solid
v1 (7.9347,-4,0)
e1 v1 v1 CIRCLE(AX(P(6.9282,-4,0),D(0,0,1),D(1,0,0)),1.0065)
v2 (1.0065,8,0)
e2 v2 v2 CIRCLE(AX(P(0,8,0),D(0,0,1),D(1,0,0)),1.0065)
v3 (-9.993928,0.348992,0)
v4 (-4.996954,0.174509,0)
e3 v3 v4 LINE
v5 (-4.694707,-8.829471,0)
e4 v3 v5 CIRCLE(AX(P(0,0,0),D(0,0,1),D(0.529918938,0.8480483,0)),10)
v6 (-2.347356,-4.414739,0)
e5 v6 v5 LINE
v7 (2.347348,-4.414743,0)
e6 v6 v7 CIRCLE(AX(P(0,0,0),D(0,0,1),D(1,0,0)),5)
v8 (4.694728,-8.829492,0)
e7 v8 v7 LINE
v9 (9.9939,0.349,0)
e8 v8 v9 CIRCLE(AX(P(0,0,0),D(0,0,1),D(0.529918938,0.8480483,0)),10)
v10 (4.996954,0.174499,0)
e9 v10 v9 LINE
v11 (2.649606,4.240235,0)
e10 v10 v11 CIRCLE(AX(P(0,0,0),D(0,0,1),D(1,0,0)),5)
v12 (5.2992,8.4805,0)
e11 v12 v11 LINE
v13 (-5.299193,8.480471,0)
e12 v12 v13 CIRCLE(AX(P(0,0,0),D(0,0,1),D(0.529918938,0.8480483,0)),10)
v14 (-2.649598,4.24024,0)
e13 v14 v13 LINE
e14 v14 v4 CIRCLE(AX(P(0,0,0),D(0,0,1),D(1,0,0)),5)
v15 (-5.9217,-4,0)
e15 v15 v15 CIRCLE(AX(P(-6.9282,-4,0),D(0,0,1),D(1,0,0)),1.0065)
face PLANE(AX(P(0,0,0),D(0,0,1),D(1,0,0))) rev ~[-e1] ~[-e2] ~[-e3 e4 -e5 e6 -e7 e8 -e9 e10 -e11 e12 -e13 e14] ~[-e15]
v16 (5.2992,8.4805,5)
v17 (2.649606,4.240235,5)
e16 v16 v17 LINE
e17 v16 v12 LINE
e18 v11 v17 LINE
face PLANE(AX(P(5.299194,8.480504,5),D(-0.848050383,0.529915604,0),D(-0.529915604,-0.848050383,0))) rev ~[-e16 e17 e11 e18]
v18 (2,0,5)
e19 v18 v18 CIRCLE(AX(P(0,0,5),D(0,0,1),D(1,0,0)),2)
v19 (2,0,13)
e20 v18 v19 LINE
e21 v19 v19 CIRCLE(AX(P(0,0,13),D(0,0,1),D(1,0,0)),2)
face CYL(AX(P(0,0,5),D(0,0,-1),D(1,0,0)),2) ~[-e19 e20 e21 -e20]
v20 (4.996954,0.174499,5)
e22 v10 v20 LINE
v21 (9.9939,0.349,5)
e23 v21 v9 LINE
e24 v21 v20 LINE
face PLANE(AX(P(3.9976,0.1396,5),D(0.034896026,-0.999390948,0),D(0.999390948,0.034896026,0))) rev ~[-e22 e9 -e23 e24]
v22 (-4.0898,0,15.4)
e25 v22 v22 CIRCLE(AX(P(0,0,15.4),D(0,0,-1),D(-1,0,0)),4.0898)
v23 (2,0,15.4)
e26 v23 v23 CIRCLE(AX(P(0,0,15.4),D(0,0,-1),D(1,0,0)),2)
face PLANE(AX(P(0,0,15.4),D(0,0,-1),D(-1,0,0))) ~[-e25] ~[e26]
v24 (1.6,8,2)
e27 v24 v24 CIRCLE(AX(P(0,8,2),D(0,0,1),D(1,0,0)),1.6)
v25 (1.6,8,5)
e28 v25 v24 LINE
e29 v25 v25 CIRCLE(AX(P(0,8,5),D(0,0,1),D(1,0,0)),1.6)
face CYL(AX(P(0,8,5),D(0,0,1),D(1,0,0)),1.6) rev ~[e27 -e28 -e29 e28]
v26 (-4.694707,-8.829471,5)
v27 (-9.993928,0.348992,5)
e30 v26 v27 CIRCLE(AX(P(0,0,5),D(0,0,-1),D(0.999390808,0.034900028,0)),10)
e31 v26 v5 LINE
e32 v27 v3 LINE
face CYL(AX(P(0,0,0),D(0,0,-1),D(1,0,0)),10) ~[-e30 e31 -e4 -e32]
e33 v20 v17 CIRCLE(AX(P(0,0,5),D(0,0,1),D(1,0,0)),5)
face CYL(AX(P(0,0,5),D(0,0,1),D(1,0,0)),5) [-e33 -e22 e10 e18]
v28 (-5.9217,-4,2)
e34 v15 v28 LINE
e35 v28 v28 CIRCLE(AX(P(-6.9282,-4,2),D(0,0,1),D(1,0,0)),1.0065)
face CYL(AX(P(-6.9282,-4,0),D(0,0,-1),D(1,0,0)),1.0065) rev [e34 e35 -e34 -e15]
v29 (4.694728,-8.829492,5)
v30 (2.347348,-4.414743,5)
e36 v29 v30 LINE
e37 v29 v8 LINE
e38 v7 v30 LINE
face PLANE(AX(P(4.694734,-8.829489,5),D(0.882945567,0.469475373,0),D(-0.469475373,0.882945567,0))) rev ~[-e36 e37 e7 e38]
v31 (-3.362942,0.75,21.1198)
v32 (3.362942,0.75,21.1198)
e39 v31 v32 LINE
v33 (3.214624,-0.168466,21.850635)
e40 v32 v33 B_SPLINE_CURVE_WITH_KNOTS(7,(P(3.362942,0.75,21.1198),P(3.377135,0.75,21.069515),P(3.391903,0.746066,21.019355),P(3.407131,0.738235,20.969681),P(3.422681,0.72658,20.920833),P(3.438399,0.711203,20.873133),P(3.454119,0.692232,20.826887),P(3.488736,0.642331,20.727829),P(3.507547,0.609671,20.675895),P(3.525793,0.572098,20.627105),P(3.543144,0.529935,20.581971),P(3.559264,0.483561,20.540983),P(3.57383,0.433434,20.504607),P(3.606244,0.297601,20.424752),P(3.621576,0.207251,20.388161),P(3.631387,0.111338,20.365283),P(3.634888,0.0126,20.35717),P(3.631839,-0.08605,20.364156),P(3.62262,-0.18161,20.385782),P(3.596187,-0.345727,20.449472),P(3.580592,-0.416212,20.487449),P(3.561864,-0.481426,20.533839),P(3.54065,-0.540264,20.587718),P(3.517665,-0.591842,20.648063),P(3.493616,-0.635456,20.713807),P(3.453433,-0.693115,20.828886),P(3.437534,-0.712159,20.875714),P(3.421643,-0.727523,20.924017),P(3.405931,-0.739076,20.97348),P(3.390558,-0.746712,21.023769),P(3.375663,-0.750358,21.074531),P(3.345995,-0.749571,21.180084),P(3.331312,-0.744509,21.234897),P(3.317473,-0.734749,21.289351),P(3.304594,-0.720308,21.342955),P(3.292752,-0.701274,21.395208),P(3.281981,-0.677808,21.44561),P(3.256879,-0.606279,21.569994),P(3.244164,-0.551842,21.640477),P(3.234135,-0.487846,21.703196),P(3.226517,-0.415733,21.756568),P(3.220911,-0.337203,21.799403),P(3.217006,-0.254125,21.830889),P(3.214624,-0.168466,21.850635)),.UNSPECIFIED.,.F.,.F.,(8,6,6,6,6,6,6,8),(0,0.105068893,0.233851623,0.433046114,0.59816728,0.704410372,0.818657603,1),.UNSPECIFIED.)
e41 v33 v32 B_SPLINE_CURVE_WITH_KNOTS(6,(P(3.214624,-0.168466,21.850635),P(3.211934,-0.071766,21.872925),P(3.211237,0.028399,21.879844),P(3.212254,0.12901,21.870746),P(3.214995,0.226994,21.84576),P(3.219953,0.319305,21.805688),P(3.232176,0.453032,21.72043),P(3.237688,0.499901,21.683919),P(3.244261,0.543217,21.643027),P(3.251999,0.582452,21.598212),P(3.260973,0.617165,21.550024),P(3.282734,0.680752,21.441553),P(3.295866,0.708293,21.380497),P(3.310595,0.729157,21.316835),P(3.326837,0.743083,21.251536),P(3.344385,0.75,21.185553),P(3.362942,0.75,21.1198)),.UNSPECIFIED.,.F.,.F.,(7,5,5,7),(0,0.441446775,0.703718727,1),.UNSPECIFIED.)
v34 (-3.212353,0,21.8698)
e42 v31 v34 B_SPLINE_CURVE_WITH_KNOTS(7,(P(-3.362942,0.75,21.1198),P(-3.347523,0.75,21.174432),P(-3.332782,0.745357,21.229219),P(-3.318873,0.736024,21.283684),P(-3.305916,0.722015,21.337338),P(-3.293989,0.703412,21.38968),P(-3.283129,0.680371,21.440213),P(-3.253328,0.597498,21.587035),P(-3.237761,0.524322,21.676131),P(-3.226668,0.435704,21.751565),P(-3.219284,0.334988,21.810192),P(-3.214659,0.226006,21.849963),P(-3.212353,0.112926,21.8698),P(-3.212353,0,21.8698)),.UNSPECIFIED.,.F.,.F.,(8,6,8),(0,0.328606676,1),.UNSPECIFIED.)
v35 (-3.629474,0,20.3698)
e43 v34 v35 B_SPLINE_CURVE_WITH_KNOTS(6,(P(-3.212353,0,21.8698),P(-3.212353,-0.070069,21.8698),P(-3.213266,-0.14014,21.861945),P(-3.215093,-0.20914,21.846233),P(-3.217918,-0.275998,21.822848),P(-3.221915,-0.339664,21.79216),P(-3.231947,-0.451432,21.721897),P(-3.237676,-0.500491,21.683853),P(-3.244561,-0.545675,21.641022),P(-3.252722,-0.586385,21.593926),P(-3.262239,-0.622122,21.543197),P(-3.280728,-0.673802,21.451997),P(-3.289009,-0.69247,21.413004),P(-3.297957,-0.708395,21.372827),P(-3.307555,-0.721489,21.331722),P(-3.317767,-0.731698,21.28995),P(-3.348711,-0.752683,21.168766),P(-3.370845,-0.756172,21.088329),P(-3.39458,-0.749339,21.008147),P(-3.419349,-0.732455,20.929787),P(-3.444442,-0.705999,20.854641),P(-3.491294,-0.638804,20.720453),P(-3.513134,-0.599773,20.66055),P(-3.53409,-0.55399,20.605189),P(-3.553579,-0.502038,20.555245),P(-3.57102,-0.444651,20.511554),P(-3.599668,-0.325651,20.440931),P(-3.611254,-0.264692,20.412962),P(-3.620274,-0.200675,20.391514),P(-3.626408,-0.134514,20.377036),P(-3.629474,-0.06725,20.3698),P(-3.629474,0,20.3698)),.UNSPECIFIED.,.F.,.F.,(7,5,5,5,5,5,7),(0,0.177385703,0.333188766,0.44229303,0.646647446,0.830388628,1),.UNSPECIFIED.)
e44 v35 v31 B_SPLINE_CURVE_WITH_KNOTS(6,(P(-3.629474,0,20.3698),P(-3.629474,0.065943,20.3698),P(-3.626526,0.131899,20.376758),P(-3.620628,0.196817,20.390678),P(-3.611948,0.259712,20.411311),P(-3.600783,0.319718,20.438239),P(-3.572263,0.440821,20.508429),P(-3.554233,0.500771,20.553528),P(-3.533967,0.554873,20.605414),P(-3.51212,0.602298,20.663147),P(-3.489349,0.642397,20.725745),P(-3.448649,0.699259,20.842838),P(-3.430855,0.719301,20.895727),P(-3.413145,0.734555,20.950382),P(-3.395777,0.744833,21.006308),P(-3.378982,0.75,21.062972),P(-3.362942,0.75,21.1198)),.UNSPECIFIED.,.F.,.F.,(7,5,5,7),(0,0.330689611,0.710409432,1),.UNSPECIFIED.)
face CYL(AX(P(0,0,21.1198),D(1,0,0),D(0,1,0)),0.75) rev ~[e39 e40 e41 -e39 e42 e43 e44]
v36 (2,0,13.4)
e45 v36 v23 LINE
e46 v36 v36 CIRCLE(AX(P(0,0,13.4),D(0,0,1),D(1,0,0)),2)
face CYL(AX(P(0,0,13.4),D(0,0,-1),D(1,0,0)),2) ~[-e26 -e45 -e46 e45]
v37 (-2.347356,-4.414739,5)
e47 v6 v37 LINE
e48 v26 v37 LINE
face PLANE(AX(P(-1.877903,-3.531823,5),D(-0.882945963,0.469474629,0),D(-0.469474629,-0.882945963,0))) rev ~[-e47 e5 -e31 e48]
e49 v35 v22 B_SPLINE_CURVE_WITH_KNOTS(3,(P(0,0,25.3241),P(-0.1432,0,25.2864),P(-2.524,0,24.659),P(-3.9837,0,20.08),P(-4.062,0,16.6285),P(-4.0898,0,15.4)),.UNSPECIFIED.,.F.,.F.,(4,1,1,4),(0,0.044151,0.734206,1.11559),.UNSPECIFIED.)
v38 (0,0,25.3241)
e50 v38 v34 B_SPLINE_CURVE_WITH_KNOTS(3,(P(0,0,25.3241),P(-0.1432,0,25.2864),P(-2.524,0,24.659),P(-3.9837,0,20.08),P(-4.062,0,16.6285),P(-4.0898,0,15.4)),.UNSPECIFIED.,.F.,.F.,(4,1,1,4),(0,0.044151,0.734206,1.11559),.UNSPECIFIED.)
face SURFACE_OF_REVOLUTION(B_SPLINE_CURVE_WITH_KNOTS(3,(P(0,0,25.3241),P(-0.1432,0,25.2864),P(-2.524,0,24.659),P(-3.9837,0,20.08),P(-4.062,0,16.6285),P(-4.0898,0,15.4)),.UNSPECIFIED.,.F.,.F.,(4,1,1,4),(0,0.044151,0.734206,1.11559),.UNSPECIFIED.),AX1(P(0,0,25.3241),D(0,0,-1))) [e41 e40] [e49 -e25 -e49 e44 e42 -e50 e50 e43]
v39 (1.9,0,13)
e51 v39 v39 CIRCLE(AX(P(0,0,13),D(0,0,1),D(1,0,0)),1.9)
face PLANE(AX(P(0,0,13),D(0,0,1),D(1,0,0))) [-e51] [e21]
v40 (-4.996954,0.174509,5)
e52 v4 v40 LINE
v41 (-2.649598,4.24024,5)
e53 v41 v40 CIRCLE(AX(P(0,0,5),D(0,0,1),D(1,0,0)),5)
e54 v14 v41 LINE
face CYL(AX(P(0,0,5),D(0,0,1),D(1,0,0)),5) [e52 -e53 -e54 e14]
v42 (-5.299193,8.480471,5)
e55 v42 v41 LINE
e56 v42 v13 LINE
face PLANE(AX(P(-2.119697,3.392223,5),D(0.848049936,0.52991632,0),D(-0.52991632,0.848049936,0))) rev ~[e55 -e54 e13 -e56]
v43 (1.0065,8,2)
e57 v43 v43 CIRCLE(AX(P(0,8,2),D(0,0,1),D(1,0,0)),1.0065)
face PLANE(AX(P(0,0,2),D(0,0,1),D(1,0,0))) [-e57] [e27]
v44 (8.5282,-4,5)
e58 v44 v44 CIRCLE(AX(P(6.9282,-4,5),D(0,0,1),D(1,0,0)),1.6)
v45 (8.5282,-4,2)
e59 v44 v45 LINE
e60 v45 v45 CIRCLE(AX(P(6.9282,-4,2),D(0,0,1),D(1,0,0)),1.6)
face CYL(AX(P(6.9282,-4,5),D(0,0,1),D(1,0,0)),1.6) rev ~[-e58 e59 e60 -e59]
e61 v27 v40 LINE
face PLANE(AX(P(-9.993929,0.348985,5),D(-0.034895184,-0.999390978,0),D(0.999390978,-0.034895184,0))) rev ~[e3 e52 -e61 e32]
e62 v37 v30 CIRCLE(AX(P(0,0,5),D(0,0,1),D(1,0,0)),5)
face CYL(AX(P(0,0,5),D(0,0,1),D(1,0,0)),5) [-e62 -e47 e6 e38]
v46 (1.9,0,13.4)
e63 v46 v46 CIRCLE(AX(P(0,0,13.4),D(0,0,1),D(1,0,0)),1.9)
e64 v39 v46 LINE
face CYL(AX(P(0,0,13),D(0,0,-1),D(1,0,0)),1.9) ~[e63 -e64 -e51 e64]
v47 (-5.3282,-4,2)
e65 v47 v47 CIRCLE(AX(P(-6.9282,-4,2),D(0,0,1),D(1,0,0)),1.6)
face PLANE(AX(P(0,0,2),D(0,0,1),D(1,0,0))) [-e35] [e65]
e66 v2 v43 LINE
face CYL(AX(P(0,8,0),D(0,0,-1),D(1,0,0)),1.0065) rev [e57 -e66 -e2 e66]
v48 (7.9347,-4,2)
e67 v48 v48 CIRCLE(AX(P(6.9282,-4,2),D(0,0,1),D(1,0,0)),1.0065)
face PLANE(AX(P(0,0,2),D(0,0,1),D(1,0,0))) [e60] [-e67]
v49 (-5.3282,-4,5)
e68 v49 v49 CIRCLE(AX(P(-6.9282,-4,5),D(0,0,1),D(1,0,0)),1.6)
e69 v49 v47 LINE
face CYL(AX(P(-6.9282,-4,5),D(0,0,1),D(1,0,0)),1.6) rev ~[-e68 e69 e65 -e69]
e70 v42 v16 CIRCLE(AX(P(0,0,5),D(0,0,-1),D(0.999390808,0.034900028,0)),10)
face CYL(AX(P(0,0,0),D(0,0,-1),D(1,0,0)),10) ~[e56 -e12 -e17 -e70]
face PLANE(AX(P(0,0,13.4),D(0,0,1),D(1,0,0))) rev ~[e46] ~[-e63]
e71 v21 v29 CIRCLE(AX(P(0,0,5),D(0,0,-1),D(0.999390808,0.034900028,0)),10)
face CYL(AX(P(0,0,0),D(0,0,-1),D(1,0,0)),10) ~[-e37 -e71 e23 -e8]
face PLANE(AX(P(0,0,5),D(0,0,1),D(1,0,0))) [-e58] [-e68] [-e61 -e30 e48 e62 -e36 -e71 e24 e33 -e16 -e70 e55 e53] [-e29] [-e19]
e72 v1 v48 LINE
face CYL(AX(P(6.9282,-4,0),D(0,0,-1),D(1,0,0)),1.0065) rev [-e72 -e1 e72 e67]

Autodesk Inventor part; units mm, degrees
ref_plane "YZ Plane" through (0, 0, 0) normal (1, 0, 0) x (0, 1, 0)
ref_plane "XZ Plane" through (0, 0, 0) normal (0, 1, 0) x (-1, 0, 0)
ref_plane "XY Plane" through (0, 0, 0) normal (0, 0, 1) x (1, 0, 0)
sketch "Sketch1" plane through (0, 0, 0) normal (0, 0, 1) x (1, 0, 0)
  circle A0 centre (0, 0) radius 4
  circle A1 centre (0, 0) radius 10
  circle A2 centre (-6.9282, -4) radius 1.0065 projected
  circle A3 centre (6.9282, -4) radius 1.0065 projected
  circle A4 centre (0, 8) radius 1.0065 projected
  dimension "d0" = 8
  dimension "d1" = 20
extrude "Extrusion1" add sketch "Sketch1" along normal blind 5
sketch "Sketch2" plane through (0, 0, 5) normal (0, 0, 1) x (1, 0, 0)
  circle A0 centre (0, 0) radius 4 projected
  circle A1 centre (0, 0) radius 10 projected
  line L0 (3.9976, 0.1396) -> (13.5917, 0.4746) projected
  line L1 (7.2069, 11.5335) -> (2.1197, 3.3922) projected
  line L2 (3.9976, 0.1396) -> (6.6264, 0.2314)
  line L3 (9.9939, 0.349) -> (5.2992, 8.4805)
  line L4 (9.9939, 0.349) -> (3.9976, 0.1396)
  line L5 (2.1197, 3.3922) -> (5.2992, 8.4805)
  arc A2 (3.9976, 0.1396) -> (2.1197, 3.3922) centre (0, 0) ccw
  arc A3 (9.9939, 0.349) -> (5.2992, 8.4805) centre (0, 0) ccw
extrude "Extrusion2" cut sketch "Sketch2" against normal blind 5 contours A0 L1 L3 L0 | A1 L3
pattern_circular "Circular Pattern1" count 3 over 360 about axis through (0, 0, 0) along (0, 0, 1) of "Extrusion2"
sketch "Sketch3" plane through (0, 0, 5) normal (0, 0, 1) x (1, 0, 0)
  arc A0 (-9.9939, 0.349) -> (-4.6947, -8.8295) centre (0, 0) ccw projected
  circle A1 centre (0, 0) radius 5
  dimension "d9" = 10
extrude "Extrusion3" add sketch "Sketch3" against normal blind 5
sketch "Sketch4" plane through (0, 0, 5) normal (0, 0, 1) x (1, 0, 0)
  circle A0 centre (6.9282, -4) radius 1.0065 projected
  circle A1 centre (0, 8) radius 1.0065 projected
  circle A2 centre (-6.9282, -4) radius 1.0065 projected
  circle A3 centre (-6.9282, -4) radius 1.6
  circle A4 centre (6.9282, -4) radius 1.6
  circle A5 centre (0, 8) radius 1.6
  dimension "d12" = 3.2
  dimension "d13" = 3.2
  dimension "d14" = 3.2
extrude "Extrusion4" cut sketch "Sketch4" against normal blind 3
sketch "Sketch5" plane through (0, 0, 5) normal (0, 0, 1) x (1, 0, 0)
  arc A0 (-9.9939, 0.349) -> (-4.6947, -8.8295) centre (0, 0) ccw projected
  circle A1 centre (0, 0) radius 2
  dimension "d17" = 4
extrude "Extrusion5" add sketch "Sketch5" along normal blind 8
sketch "Sketch6" plane through (0, 0, 13) normal (0, 0, 1) x (1, 0, 0)
  circle A0 centre (0, 0) radius 2 projected
  circle A1 centre (0, 0) radius 1.9
  dimension "d20" = 3.8
extrude "Extrusion6" add sketch "Sketch6" along normal blind 0.4 contours A1
sketch "Sketch7" plane through (0, 0, 13.4) normal (0, 0, 1) x (1, 0, 0)
  circle A0 centre (0, 0) radius 1.9 projected
  circle A1 centre (0, 0) radius 2
  dimension "d23" = 4
extrude "Extrusion7" add sketch "Sketch7" along normal blind 10 contours A0 | A1
thread "Thread1" size "M4x0.7" class "6g" standard "ANSI Metric M Profile" full length
chamfer "Chamfer1" distance 0.4 angle 45 1 edges at (-2, 0, 23.4)
sketch "Sketch8" plane through (0, 0, 0) normal (0, 1, 0) x (-1, 0, 0)
  line L0 (-1.6, 23.4) -> (1.6, 23.4) projected
  line L1 (0, 25.3241) -> (0, 15.4)
  line L2 (0, 15.4) -> (4.0898, 15.4)
  spline S0 degree 3 poles (0, 25.3241) (0.1432, 25.2864) (2.524, 24.659) (3.9837, 20.08) (4.062, 16.6285) (4.0898, 15.4) knots 0 0 0 0 0.044151 0.734206 1.11559 1.11559 1.11559 1.11559
  point P0 (0, 0)
  point P1 (0.4244, 25.2023)
  point P2 (3.8385, 19.2055)
  dimension "d32" = 8
  dimension "d33" = 9.9241
revolve "Revolution1" add sketch "Sketch8" angle 360 about axis through (0, 0, 25.3241) along (0, 0, -1)
sketch "Sketch9" plane through (0, 0, 0) normal (1, 0, 0) x (0, 1, 0)
  line L0 (-4.0898, 15.4) -> (4.0898, 15.4) projected
  line L1 (0, 15.4) -> (0, 21.1198)
  circle A0 centre (0, 21.1198) radius 0.75
  point P0 (0, 0)
  dimension "d34" = 1.5
extrude "Extrusion8" cut sketch "Sketch9" against normal mid plane 20
equation "\"d13\" = d12"
equation "\"d14\" = d13"
properties part number "HK 2830 1100 prop adapter"
